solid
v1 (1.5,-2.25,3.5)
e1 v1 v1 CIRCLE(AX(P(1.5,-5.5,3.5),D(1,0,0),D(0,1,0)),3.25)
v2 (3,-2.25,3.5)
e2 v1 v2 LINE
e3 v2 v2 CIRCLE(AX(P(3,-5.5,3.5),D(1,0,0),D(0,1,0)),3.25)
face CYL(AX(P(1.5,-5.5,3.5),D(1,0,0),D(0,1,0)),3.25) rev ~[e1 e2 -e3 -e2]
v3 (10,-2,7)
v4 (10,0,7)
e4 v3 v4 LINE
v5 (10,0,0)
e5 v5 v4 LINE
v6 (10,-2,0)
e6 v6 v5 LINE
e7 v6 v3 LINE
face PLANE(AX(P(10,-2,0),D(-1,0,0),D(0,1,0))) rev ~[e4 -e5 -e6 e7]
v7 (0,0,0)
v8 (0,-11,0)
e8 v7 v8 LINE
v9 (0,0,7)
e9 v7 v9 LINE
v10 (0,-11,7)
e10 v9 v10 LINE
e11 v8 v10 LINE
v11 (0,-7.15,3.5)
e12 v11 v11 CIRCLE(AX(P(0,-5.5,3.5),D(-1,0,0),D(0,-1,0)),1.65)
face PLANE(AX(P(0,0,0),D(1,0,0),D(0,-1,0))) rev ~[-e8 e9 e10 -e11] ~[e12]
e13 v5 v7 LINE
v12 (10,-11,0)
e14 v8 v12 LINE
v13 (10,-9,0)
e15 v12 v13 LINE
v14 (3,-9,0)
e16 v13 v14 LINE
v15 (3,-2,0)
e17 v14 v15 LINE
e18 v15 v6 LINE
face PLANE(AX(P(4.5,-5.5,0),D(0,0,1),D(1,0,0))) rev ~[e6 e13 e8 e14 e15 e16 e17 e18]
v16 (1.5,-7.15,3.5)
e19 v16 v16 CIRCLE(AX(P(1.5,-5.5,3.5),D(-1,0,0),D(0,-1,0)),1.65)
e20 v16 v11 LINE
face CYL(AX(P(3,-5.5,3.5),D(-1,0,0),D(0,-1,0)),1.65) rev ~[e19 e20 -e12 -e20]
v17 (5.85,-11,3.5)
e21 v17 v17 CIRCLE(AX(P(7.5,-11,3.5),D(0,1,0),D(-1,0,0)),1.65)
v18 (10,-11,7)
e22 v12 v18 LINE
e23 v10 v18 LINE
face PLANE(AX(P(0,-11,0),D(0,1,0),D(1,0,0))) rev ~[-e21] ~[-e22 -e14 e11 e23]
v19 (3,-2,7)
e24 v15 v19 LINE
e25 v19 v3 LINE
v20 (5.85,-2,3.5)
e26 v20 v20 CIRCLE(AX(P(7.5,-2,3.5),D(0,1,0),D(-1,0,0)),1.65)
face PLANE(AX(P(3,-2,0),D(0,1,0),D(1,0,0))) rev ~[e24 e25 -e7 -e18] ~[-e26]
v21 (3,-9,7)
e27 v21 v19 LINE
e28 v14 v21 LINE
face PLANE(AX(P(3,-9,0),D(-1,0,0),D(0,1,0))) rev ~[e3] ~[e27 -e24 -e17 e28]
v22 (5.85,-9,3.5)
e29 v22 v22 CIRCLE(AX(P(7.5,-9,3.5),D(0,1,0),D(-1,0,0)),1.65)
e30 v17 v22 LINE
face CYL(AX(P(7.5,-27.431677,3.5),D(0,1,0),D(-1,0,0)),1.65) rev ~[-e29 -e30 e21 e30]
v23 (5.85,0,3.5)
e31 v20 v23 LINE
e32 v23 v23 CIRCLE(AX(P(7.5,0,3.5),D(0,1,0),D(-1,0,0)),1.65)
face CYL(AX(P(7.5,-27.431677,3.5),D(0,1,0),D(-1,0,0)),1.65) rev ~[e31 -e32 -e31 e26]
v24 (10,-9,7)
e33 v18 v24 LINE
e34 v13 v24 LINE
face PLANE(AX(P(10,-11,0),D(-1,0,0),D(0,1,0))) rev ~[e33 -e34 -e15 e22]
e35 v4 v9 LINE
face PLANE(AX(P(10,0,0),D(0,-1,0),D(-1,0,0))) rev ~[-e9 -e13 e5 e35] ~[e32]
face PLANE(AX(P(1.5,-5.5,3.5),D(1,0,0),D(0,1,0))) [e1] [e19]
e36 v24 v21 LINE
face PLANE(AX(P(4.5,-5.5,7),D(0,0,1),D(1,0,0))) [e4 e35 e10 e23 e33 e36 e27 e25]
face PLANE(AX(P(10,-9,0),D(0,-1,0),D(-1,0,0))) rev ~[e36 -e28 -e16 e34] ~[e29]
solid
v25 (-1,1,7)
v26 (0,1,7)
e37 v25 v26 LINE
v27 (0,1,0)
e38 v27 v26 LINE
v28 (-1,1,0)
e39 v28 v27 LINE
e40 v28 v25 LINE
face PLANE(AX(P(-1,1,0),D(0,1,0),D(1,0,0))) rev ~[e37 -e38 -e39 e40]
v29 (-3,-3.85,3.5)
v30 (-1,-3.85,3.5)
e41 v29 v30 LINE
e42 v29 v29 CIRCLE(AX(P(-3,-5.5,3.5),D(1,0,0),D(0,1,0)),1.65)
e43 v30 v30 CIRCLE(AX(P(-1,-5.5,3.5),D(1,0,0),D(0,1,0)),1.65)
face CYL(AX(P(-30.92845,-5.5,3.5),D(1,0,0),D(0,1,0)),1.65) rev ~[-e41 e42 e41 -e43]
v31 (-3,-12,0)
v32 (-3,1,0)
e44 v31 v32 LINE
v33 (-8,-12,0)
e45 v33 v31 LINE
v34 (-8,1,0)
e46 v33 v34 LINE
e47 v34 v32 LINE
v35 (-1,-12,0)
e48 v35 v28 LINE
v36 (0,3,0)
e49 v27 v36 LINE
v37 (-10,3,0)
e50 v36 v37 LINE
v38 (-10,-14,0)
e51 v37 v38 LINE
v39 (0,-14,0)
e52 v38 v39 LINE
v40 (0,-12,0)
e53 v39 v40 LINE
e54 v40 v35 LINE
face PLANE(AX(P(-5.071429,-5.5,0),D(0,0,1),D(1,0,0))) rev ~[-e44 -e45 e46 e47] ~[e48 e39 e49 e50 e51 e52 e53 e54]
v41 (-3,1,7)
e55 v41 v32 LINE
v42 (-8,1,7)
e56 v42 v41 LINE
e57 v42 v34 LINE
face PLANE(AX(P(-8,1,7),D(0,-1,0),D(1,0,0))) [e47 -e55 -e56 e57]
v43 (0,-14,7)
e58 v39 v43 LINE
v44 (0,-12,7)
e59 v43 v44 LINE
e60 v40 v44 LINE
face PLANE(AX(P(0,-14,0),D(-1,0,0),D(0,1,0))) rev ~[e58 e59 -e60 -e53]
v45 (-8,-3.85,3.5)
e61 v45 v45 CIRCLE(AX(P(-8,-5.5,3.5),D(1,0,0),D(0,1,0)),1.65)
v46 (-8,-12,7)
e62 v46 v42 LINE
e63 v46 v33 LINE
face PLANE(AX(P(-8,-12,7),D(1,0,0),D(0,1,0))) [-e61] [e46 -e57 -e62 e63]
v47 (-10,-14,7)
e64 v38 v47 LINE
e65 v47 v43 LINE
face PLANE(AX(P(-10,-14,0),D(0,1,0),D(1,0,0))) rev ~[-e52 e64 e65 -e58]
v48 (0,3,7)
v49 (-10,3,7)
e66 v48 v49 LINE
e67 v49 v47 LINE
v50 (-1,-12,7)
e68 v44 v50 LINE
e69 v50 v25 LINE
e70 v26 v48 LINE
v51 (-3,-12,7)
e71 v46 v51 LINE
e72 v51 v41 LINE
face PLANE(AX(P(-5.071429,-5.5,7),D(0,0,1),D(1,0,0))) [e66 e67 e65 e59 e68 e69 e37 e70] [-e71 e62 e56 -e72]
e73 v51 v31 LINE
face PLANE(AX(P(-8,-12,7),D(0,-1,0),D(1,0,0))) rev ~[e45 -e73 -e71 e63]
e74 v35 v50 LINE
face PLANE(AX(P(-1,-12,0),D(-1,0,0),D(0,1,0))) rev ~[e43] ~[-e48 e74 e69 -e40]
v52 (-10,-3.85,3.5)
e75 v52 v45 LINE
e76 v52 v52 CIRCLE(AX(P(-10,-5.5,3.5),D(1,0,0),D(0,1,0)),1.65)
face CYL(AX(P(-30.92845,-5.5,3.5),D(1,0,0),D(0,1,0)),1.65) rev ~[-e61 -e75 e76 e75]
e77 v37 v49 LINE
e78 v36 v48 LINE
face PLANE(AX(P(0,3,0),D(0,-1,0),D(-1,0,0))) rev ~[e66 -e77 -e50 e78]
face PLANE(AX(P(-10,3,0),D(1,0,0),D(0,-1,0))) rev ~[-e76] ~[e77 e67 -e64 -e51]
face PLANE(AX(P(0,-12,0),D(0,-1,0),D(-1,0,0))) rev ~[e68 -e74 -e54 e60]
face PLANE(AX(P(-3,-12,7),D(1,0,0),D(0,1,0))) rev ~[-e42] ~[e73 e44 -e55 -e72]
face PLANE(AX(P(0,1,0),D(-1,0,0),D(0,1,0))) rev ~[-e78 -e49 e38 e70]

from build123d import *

# Parameters (mm, degrees)
F1_DEPTH       = 7
F3_D           = 3.3
F5_D           = 3.3
F5_CBORE_D     = 6.5
F5_CBORE_DEPTH = 1.5
F7_DEPTH       = 7
F8_W           = 5
F8_H           = 13
F9_DEPTH       = 7.001
F11_D          = 3.3


with BuildPart() as f1:
    # F0 (on Top) → F1 (new body)
    with BuildSketch(Plane.XY):
        Polygon((10, 0), (0, 0), (0, -11), (10, -11), (10, -9), (3, -9), (3, -2), (10, -2), align=None)
    extrude(amount=F1_DEPTH)

    # F3 (through all)
    with Locations(Plane.XZ.offset(11)):
        with Locations((7.5, 3.5)):
            Hole(F3_D / 2)

    # F5 (through all)
    with Locations(Plane.YZ.offset(3)):
        with Locations((-5.5, 3.5)):
            CounterBoreHole(F5_D / 2, F5_CBORE_D / 2, F5_CBORE_DEPTH)


with BuildPart() as f7:
    # F6 (on Top) → F7 (new body)
    with BuildSketch(Plane.XY):
        Polygon((-1, 1), (0, 1), (0, 3), (-10, 3), (-10, -14), (0, -14), (0, -12), (-1, -12), align=None)
    extrude(amount=F7_DEPTH)

    # F8 (on face) → F9 (cut, through all)
    with BuildSketch(Plane.XY.offset(7)):
        with Locations((-5.5, -5.5)):
            Rectangle(F8_W, F8_H)
    extrude(amount=-F9_DEPTH, mode=Mode.SUBTRACT)

    # F11 (through all)
    with Locations(Plane(origin=(-10, 0, 0), x_dir=(0, -1, 0), z_dir=(-1, 0, 0))):
        with Locations((5.5, 3.5)):
            Hole(F11_D / 2)


solid = Compound([f1.part, f7.part])
